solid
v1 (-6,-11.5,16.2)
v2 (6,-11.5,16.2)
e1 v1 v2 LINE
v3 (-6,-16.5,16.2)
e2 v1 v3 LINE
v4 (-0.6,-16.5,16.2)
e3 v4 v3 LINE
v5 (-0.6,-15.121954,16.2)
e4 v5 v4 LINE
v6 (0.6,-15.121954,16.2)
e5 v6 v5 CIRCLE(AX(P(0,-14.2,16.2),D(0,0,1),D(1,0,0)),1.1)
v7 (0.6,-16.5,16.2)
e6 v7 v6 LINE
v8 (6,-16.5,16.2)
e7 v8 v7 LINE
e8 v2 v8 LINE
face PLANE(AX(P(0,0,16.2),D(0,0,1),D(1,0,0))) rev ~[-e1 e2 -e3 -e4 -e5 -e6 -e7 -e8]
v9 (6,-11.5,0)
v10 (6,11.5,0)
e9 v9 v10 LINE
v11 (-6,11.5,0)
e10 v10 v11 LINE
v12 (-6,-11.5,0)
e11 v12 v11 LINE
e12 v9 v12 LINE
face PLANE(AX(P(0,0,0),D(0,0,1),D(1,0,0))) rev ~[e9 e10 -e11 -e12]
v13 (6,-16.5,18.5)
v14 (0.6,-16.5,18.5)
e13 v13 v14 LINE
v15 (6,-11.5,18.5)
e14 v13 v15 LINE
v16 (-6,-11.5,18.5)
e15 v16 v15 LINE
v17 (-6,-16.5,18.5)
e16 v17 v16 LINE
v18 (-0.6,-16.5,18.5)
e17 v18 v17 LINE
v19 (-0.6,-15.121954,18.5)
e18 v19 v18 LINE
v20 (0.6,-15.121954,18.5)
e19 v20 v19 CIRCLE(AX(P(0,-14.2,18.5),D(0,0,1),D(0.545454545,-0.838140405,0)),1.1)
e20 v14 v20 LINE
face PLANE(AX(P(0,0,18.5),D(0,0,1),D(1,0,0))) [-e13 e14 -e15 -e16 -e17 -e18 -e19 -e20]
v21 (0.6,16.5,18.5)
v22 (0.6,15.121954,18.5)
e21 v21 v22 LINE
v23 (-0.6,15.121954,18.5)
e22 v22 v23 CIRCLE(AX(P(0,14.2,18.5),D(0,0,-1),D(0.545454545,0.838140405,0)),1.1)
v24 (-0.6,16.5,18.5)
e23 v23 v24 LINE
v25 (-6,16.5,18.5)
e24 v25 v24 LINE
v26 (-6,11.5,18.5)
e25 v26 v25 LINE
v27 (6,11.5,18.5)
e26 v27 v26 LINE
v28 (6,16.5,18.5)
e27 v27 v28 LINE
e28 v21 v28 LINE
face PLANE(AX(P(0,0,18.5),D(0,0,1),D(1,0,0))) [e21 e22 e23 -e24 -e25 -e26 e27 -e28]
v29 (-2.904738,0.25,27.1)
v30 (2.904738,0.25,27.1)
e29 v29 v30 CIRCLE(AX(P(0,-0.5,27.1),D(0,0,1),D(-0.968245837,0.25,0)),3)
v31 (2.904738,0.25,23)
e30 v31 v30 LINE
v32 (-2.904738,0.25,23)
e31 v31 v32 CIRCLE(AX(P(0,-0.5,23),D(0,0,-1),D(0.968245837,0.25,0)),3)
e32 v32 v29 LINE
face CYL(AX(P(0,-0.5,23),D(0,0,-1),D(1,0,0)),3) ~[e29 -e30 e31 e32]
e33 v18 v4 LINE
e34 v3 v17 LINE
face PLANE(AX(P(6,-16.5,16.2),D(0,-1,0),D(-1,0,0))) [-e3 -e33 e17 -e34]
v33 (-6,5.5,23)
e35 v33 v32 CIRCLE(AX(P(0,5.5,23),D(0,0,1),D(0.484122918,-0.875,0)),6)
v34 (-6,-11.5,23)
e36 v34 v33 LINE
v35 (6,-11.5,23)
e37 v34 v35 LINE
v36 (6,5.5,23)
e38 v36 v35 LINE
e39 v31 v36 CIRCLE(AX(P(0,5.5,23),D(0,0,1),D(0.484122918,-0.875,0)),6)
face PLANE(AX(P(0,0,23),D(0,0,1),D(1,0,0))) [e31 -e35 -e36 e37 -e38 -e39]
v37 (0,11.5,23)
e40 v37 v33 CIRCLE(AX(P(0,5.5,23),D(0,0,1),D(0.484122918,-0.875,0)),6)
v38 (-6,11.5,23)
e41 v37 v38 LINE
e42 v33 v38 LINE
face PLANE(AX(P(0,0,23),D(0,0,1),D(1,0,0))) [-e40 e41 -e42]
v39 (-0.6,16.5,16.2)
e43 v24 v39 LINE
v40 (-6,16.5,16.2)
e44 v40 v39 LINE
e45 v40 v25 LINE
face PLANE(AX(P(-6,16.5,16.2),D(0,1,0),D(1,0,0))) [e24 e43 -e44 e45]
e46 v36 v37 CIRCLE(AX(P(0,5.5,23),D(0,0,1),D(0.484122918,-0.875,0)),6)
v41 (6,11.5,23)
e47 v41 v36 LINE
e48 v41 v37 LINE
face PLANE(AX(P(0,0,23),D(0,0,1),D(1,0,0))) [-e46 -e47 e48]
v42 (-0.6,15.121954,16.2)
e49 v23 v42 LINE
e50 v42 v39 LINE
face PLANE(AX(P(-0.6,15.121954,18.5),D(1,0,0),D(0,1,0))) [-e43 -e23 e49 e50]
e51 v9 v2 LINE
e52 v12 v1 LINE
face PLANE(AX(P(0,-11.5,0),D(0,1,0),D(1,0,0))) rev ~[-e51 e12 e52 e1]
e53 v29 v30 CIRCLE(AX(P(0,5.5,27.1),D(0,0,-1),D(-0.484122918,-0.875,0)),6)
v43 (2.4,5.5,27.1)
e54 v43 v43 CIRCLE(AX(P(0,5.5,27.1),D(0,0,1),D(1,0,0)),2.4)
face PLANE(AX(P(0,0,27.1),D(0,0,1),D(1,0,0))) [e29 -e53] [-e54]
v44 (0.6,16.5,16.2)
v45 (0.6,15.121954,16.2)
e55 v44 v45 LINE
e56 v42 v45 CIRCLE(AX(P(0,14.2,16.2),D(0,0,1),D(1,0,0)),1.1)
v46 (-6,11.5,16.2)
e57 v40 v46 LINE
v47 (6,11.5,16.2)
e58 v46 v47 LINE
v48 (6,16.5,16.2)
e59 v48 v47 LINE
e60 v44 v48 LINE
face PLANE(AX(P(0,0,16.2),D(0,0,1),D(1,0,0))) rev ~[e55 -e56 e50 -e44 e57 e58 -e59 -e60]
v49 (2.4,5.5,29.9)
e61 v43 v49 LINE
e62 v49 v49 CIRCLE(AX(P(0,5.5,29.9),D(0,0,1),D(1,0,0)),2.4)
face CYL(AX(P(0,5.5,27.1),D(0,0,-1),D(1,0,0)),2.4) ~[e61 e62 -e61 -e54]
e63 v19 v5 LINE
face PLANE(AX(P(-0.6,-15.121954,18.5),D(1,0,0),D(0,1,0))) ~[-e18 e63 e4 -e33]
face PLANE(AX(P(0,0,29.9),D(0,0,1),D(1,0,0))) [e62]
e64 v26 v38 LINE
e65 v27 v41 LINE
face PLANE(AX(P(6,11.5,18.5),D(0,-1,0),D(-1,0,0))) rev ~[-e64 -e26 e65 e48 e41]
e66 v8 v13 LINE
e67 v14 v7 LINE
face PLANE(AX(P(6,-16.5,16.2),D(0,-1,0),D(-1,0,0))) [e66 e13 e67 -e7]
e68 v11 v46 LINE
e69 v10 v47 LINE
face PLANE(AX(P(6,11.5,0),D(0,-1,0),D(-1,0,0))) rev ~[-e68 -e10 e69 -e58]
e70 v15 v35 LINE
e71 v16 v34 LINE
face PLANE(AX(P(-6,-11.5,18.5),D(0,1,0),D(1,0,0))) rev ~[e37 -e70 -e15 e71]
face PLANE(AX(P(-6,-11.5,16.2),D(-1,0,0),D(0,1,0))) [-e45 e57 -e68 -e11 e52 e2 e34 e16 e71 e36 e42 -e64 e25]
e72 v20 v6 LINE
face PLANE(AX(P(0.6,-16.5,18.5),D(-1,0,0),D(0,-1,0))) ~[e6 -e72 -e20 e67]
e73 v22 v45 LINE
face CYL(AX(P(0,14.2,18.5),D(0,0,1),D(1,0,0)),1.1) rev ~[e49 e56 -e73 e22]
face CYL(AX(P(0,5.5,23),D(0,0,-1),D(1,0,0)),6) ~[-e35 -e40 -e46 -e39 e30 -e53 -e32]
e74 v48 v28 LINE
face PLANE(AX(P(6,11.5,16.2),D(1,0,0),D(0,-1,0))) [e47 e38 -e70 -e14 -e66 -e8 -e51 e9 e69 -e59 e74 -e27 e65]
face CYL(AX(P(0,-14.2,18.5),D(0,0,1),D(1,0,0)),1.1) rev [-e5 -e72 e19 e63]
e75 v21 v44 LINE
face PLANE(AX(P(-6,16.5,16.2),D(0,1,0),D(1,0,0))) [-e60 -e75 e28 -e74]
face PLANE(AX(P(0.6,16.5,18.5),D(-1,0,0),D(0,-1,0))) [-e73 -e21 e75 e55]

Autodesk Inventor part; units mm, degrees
ref_plane "YZ Plane" through (0, 0, 0) normal (1, 0, 0) x (0, 1, 0)
ref_plane "XZ Plane" through (0, 0, 0) normal (0, 1, 0) x (-1, 0, 0)
ref_plane "XY Plane" through (0, 0, 0) normal (0, 0, 1) x (1, 0, 0)
sketch "Skizze1" plane through (0, 0, 0) normal (0, 0, 1) x (1, 0, 0)
  line L0 (0, 16.1) -> (0, -16.1) projected
  line L1 (-8.4, 0) -> (8.4, 0) projected
  line L2 (-6, -11.5) -> (6, -11.5)
  line L3 (6, -11.5) -> (6, 11.5)
  line L4 (6, 11.5) -> (-6, 11.5)
  line L5 (-6, 11.5) -> (-6, -11.5)
  line L6 (-6, -11.5) -> (6, 11.5) construction
  line L7 (6, -11.5) -> (-6, 11.5) construction
  point P0 (0, 0)
  dimension "d0" = 12
  dimension "d1" = 23
extrude "Extrusion1" add sketch "Skizze1" along normal blind 16.2
sketch "Skizze2" plane through (0, 0, 16.2) normal (0, 0, 1) x (1, 0, 0)
  line L0 (-6, -11.5) -> (-6, 11.5) projected
  line L1 (-6, 11.5) -> (6, 11.5) projected
  line L2 (6, 11.5) -> (6, -11.5) projected
  line L3 (6, -11.5) -> (-6, -11.5) projected
  line L4 (6, 11.5) -> (-6, 11.5)
  line L5 (-6, 11.5) -> (-6, 16.5)
  line L6 (-6, 16.5) -> (6, 16.5)
  line L7 (6, 16.5) -> (6, 11.5)
  line L8 (-6, -11.5) -> (6, -11.5)
  line L9 (6, -11.5) -> (6, -16.5)
  line L10 (6, -16.5) -> (-6, -16.5)
  line L11 (-6, -16.5) -> (-6, -11.5)
  line L12 (-6, 11.5) -> (-6, -11.5) projected
  point P0 (0, 0)
  dimension "d4" = 5
  dimension "d5" = 5
extrude "Extrusion2" add sketch "Skizze2" along normal blind 2.3
sketch "Skizze3" plane through (0, 0, 18.5) normal (0, 0, 1) x (1, 0, 0)
  line L0 (6, -16.5) -> (-6, -16.5) projected
  line L1 (-6, -16.5) -> (-6, 16.5) projected
  line L2 (-6, 16.5) -> (6, 16.5) projected
  line L3 (6, 16.5) -> (6, -16.5) projected
  line L4 (-6, -11.5) -> (6, -11.5)
  line L5 (6, -11.5) -> (6, 11.5)
  line L6 (6, 11.5) -> (-6, 11.5)
  line L7 (-6, 11.5) -> (-6, -11.5)
  line L8 (-6, -11.5) -> (6, 11.5) construction
  line L9 (6, -11.5) -> (-6, 11.5) construction
  point P0 (0, 0)
  dimension "d8" = 11.5
extrude "Extrusion3" add sketch "Skizze3" along normal blind 4.5 contours L4 L1 L6 L3
sketch "Skizze4" plane through (0, 0, 23) normal (0, 0, 1) x (1, 0, 0)
  line L0 (-6, 11.5) -> (6, 11.5) projected
  line L1 (6, 11.5) -> (6, -11.5) projected
  line L2 (6, -11.5) -> (-6, -11.5) projected
  line L3 (-6, -11.5) -> (-6, 11.5) projected
  line L4 (6, 16.5) -> (-6, 16.5) projected
  line L5 (-6, 16.5) -> (-6, 11.5) projected
  line L6 (6, 11.5) -> (6, 16.5) projected
  line L7 (6, -16.5) -> (6, -11.5) projected
  line L8 (-6, -16.5) -> (6, -16.5) projected
  line L9 (-6, -11.5) -> (-6, -16.5) projected
  line L10 (-8.4, 0) -> (8.4, 0) projected
  line L11 (0, 23.1) -> (0, -23.1) projected
  circle A0 centre (0, 5.5) radius 6
  circle A1 centre (0, -0.5) radius 3
  point P0 (0, 0)
  dimension "d11" = 11
  dimension "d12" = 12
  dimension "d13" = 17
  dimension "d14" = 6
extrude "Extrusion4" add sketch "Skizze4" along normal blind 4.1 contours A0 A1 L11 | L11 A1 A0 | A1 A0 L10 L11 | L11 L10 A0 A1 | A0 L10 A1 | L11 A0 L10 | L10 A0 L11 | A1 L10 A0 | L10 A0 L11 A1 | L10 A1 L11 A0
sketch "Skizze5" plane through (0, 0, 27.1) normal (0, 0, 1) x (1, 0, 0)
  arc A0 (2.9047, 0.25) -> (-2.9047, 0.25) centre (0, 5.5) ccw projected
  arc A1 (-2.9047, 0.25) -> (2.9047, 0.25) centre (0, -0.5) ccw projected
  circle A2 centre (0, 5.5) radius 2.4
  point P0 (0, 0)
  dimension "d17" = 4.8
extrude "Extrusion5" add sketch "Skizze5" along normal blind 2.8 contours A2
sketch "Skizze6" plane through (0, 0, 18.5) normal (0, 0, 1) x (1, 0, 0)
  line L0 (6, -16.5) -> (-6, -16.5) projected
  line L1 (-6, -16.5) -> (-6, -11.5) projected
  line L2 (6, -11.5) -> (-6, -11.5) projected
  line L3 (6, 11.5) -> (6, -11.5) projected
  line L4 (-6, 11.5) -> (6, 11.5) projected
  line L5 (-6, 11.5) -> (-6, 16.5) projected
  line L6 (-6, 16.5) -> (6, 16.5) projected
  line L7 (6, 16.5) -> (6, 11.5) projected
  line L8 (6, -11.5) -> (6, -16.5) projected
  line L9 (-6, -11.5) -> (-6, 11.5) projected
  line L10 (0, 23.1) -> (0, -23.1) projected
  circle A0 centre (0, 14.2) radius 1.1
  line L11 (6, 16.5) -> (-6, 16.5) projected
  line L12 (0.6, 14.1) -> (-0.6, 14.1)
  line L13 (-0.6, 14.1) -> (-0.6, 16.5)
  line L14 (-0.6, 16.5) -> (0.6, 16.5)
  line L15 (0.6, 16.5) -> (0.6, 14.1)
  line L16 (0.6, 14.1) -> (-0.6, 16.5) construction
  line L17 (-0.6, 14.1) -> (0.6, 16.5) construction
  point P0 (0, 0)
  point P1 (0, 15.3)
  dimension "d21" = 2.2
  dimension "d20" = 2.3
  dimension "d22" = 1.2
extrude "Extrusion6" cut sketch "Skizze6" against normal blind 2.8 contours A0 L13 L12 L10 | L10 L12 L15 A0 | L15 A0 L10 L6 | L12 L13 A0 L10 | L10 A0 L15 L12 | L13 L6 L10 A0
mirror "Spiegeln1" about plane through (0, 0, 0) normal (0, 1, 0) of "Extrusion6"
properties part number "Mikroservo" material "ABS-Kunststoff"
